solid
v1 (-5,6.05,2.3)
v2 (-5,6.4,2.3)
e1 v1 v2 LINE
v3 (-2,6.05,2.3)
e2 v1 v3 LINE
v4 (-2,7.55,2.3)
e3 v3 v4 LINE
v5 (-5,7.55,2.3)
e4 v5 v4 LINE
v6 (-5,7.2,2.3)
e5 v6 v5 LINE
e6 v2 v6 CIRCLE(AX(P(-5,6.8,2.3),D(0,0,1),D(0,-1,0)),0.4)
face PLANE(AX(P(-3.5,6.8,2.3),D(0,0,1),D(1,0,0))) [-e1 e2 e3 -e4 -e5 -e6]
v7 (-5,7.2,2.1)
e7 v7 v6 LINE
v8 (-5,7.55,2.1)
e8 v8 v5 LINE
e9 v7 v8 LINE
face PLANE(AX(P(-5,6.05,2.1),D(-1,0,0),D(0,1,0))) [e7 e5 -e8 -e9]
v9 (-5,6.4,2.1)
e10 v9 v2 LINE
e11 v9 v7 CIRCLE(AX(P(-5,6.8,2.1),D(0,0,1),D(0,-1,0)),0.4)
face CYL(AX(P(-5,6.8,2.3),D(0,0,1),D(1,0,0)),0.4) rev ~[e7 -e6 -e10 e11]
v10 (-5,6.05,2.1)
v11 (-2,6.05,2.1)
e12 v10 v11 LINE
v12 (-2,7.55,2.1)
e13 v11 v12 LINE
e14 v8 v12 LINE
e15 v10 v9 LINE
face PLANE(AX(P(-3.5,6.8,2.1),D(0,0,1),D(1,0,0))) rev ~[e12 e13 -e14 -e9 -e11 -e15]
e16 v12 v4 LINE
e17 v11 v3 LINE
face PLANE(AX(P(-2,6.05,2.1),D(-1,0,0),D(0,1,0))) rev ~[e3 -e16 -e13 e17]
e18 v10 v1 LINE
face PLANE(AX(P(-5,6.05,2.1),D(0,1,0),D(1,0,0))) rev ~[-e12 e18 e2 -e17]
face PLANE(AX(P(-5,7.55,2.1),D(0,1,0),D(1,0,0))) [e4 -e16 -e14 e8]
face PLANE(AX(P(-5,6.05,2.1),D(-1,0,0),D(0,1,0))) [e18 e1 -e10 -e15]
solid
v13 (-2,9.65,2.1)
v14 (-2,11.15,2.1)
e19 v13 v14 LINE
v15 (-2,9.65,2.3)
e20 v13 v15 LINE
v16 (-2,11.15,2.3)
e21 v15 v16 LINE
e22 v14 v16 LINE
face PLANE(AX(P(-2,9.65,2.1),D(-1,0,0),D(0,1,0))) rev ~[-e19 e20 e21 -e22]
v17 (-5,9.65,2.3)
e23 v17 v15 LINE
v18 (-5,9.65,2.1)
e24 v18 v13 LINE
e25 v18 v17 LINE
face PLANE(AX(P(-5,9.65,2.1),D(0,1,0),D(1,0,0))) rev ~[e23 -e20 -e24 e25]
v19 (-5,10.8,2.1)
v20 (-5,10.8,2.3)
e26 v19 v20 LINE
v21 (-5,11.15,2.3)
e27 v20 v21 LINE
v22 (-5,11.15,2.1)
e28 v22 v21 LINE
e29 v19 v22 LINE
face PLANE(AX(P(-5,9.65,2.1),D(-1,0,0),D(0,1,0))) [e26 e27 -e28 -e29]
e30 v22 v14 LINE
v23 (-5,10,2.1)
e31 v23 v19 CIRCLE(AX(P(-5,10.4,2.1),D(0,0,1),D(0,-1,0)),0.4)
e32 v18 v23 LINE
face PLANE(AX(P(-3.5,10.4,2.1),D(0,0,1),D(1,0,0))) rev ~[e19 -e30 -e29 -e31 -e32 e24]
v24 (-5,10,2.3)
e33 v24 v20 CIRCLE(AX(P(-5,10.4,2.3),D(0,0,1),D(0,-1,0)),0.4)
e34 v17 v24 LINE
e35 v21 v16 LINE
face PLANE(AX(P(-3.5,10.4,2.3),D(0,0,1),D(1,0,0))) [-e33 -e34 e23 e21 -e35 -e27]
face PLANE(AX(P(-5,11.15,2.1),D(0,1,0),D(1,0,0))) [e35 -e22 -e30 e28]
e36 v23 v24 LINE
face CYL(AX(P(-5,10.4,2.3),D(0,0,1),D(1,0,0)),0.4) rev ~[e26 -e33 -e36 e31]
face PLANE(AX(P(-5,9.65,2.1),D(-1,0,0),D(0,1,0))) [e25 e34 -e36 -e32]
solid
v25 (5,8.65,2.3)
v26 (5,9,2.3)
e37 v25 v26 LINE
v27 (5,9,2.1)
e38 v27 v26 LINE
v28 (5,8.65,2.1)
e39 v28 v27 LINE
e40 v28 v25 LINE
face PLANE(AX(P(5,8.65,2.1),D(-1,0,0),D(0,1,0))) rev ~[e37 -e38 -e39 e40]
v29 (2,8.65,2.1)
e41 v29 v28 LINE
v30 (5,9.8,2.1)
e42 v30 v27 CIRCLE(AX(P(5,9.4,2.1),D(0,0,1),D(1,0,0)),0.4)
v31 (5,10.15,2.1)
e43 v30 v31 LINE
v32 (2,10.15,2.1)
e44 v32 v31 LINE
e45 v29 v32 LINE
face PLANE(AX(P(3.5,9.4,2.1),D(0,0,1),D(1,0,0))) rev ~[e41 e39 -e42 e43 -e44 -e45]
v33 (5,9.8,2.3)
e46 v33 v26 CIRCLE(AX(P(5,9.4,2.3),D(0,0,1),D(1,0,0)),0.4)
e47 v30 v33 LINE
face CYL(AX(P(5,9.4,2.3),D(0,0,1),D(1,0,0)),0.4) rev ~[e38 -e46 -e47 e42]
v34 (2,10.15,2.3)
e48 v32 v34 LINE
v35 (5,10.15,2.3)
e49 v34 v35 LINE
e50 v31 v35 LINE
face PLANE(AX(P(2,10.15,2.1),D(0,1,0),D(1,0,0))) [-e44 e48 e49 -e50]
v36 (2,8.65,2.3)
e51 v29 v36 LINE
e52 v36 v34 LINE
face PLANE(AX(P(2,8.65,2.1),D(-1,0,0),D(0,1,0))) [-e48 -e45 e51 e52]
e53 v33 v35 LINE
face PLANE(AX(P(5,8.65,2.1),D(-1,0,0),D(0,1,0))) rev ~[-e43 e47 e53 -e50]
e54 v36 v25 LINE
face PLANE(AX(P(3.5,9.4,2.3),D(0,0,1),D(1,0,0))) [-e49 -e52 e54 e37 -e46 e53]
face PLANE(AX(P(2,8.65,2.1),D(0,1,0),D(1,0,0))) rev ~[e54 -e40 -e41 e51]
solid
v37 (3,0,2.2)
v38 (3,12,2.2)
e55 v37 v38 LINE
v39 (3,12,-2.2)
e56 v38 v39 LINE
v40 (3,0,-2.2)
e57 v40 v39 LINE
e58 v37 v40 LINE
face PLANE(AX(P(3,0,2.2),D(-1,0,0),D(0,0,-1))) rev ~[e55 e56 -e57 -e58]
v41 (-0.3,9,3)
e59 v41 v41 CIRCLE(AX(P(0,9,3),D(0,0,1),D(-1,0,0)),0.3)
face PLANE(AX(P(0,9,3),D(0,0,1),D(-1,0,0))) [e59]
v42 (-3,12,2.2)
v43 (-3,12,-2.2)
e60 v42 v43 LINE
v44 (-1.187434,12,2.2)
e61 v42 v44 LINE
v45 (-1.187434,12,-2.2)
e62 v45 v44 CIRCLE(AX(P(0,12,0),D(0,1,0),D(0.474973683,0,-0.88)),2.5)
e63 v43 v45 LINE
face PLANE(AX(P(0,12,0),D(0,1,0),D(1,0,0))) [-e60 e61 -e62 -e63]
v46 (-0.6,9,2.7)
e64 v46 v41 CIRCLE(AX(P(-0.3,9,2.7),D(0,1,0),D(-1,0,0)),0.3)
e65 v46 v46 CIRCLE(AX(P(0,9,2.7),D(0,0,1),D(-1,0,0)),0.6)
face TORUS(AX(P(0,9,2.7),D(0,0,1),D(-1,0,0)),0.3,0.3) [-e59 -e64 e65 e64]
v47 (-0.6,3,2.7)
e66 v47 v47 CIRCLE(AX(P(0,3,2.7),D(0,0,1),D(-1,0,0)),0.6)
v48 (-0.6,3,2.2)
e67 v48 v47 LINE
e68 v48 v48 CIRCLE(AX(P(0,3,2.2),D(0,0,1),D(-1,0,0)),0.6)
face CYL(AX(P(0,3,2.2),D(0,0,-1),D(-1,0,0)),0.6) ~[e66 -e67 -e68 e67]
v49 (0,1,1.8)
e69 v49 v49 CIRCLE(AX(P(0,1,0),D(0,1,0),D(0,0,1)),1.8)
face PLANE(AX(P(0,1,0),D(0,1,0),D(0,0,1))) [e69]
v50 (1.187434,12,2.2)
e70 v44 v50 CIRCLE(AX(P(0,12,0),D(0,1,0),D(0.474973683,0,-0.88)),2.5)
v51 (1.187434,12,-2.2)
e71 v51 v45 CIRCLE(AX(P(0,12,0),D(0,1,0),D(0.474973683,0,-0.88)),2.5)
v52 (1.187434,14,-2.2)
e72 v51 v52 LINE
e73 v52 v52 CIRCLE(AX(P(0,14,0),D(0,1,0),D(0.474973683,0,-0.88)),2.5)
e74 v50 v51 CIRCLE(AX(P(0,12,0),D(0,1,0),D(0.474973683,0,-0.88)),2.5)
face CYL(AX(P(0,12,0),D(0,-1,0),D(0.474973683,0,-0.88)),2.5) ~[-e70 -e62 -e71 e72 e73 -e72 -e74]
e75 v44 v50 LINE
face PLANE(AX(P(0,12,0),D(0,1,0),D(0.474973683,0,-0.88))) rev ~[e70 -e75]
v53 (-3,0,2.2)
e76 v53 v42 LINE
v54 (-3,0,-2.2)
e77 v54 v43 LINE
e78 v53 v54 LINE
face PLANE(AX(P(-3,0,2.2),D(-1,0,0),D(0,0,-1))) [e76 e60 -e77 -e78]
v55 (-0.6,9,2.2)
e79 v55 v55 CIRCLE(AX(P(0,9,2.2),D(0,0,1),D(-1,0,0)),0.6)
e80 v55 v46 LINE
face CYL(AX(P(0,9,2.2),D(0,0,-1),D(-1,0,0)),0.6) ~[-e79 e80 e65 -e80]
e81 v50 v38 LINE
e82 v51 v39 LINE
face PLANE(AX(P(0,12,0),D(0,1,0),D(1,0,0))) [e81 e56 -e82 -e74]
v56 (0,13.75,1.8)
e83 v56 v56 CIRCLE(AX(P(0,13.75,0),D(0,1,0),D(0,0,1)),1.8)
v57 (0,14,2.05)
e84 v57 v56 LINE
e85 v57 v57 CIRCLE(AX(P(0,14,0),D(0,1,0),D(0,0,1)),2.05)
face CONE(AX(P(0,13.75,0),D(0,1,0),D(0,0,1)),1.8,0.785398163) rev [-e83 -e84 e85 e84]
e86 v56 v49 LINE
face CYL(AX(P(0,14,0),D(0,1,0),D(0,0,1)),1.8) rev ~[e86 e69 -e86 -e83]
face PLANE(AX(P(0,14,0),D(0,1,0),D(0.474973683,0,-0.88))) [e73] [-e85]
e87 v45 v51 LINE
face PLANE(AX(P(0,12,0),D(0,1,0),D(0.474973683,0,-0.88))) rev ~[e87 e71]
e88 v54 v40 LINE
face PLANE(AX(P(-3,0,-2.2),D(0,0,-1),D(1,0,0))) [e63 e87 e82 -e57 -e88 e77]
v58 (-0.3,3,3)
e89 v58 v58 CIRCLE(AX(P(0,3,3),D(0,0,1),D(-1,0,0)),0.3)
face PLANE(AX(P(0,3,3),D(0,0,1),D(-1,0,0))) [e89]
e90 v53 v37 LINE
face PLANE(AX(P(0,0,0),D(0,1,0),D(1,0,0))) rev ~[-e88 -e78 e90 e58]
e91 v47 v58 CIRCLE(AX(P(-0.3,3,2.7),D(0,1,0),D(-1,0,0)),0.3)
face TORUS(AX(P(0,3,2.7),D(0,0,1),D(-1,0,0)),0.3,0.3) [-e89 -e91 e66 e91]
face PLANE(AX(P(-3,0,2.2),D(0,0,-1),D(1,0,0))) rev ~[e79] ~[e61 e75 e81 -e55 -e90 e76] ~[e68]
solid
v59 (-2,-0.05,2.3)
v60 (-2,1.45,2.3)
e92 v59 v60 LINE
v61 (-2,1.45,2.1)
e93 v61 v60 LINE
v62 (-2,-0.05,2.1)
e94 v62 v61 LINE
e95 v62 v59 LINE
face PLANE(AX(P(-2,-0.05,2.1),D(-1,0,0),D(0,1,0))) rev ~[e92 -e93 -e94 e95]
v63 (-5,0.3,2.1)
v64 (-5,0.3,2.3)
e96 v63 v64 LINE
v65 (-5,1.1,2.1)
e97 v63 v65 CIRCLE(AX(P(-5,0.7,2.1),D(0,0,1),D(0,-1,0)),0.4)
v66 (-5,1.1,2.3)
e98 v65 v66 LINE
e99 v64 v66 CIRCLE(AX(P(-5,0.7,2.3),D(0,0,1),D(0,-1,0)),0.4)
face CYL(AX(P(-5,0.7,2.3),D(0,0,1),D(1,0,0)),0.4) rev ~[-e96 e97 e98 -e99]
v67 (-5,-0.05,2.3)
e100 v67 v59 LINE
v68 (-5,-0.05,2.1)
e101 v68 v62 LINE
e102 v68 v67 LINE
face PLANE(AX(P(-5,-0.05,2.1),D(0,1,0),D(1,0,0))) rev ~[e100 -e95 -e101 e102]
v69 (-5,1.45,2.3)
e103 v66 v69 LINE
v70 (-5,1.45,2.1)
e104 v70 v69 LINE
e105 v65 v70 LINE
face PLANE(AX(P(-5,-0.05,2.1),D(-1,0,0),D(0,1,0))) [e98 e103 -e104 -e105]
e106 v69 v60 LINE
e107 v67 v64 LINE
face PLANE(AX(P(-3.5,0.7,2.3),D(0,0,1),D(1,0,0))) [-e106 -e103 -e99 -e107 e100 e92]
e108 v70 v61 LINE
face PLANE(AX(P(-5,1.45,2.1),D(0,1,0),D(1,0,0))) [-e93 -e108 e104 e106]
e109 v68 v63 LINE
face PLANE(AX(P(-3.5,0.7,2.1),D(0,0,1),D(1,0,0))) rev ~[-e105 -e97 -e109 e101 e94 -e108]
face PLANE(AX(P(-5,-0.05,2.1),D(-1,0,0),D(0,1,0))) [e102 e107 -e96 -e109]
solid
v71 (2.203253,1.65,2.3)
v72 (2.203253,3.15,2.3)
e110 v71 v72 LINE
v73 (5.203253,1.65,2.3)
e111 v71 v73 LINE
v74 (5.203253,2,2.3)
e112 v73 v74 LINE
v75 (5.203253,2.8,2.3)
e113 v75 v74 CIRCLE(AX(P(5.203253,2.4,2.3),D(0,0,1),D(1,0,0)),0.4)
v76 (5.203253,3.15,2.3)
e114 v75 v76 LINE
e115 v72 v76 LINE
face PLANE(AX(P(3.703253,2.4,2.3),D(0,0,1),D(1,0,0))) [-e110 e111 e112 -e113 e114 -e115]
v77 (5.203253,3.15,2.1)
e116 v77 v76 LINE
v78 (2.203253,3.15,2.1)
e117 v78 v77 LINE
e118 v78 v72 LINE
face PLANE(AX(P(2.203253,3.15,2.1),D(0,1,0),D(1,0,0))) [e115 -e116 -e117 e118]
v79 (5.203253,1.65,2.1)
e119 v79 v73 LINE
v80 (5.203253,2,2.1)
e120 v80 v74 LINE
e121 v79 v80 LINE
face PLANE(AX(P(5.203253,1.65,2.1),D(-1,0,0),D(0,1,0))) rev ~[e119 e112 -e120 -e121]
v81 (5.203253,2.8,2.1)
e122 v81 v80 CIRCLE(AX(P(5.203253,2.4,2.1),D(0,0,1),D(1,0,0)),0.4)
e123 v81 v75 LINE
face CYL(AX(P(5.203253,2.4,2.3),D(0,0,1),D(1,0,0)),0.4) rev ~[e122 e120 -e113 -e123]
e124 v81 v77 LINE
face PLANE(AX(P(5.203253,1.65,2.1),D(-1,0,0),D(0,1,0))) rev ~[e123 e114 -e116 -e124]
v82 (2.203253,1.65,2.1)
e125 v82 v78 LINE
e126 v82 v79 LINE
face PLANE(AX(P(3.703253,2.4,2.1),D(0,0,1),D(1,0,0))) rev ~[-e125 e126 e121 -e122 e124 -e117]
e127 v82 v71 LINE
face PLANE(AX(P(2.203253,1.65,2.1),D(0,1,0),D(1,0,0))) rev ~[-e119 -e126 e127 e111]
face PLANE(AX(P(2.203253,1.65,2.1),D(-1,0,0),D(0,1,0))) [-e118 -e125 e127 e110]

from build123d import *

# Parameters (mm, degrees)
SKETCH_1_W             = 6
SKETCH_1_H             = 4.4
EXTRUDE_1_DEPTH        = 12
SKETCH_2_R             = 2.5
EXTRUDE_2_DEPTH        = 2
SKETCH_3_R             = 1.8
CUT_EXTRUDE_1_DEPTH    = 13
EXTRUDE_3_DEPTH        = 0.1
EXTRUDE_3_DEPTH_BACK   = 0.1
SKETCH_5_W             = 3
SKETCH_5_H             = 1.5
EXTRUDE_3_2_DEPTH      = 0.1
EXTRUDE_3_2_DEPTH_BACK = 0.1
EXTRUDE_3_3_DEPTH      = 0.1
EXTRUDE_3_3_DEPTH_BACK = 0.1
EXTRUDE_3_4_DEPTH      = 0.1
EXTRUDE_3_4_DEPTH_BACK = 0.1
EXTRUDE_3_5_DEPTH      = 0.1
EXTRUDE_3_5_DEPTH_BACK = 0.1
SKETCH_6_R             = 0.4
CUT_EXTRUDE_2_DEPTH    = 0.2
CHAMFER_1_SIZE         = 0.25
SKETCH_7_R             = 0.6
EXTRUDE_4_DEPTH        = 0.8
FILLET_1_R             = 0.3


with BuildPart() as part:
    # 草图1 → 凸台-拉伸1 (new body)
    with BuildSketch(Plane(origin=(0, 0, 0), x_dir=(1, 0, 0), z_dir=(0, 1, 0))):
        Rectangle(SKETCH_1_W, SKETCH_1_H)
    extrude(amount=EXTRUDE_1_DEPTH)

    # 草图2 → 凸台-拉伸2 (add)
    with BuildSketch(Plane(origin=(0, 12, 0), x_dir=(1, 0, 0), z_dir=(0, 1, 0))):
        with Locations(Location((0, 0, 0), (0, 0, 61.642363424))):
            Circle(SKETCH_2_R)
    extrude(amount=EXTRUDE_2_DEPTH)

    # 草图3 → 切除-拉伸1 (cut)
    with BuildSketch(Plane(origin=(0, 14, 0), x_dir=(1, 0, 0), z_dir=(0, 1, 0))):
        with Locations(Location((0, 0, 0), (0, 0, 270))):
            Circle(SKETCH_3_R)
    extrude(amount=-CUT_EXTRUDE_1_DEPTH, mode=Mode.SUBTRACT)

    # 倒角1
    chamfer_1_edges = [part.edges().sort_by_distance(p)[0] for p in [
        (0, 14, -1.8),
    ]]
    chamfer(chamfer_1_edges, length=CHAMFER_1_SIZE)

    # 草图7 → 凸台-拉伸4 (add)
    with BuildSketch(Plane.XY.offset(2.2)):
        with Locations(Location((0, 9, 0), (0, 0, 180))):
            Circle(SKETCH_7_R)
        with Locations(Location((0, 3, 0), (0, 0, 180))):
            Circle(SKETCH_7_R)
    extrude(amount=EXTRUDE_4_DEPTH)

    # 圆角1
    fillet_1_edges = [part.edges().sort_by_distance(p)[0] for p in [
        (0.6, 9, 3),
        (0.6, 3, 3),
    ]]
    fillet(fillet_1_edges, radius=FILLET_1_R)


with BuildPart() as body_2:
    # 草图5 → 凸台-拉伸3 (new, two sides: drawn at the far end of the back side and taken through both)
    with BuildSketch(Plane.XY.offset(2.2).offset(-EXTRUDE_3_DEPTH_BACK)):
        with Locations((-3.5, 10.4)):
            Rectangle(SKETCH_5_W, SKETCH_5_H)
    extrude(amount=EXTRUDE_3_DEPTH + EXTRUDE_3_DEPTH_BACK)


with BuildPart() as body_3:
    # 草图5 → Extrude 3 2 (new, two sides: drawn at the far end of the back side and taken through both)
    with BuildSketch(Plane.XY.offset(2.2).offset(-EXTRUDE_3_2_DEPTH_BACK)):
        with Locations((-3.5, 6.8)):
            Rectangle(SKETCH_5_W, SKETCH_5_H)
    extrude(amount=EXTRUDE_3_2_DEPTH + EXTRUDE_3_2_DEPTH_BACK)


with BuildPart() as body_4:
    # 草图5 → Extrude 3 3 (new, two sides: drawn at the far end of the back side and taken through both)
    with BuildSketch(Plane.XY.offset(2.2).offset(-EXTRUDE_3_3_DEPTH_BACK)):
        with Locations((-3.5, 0.7)):
            Rectangle(SKETCH_5_W, SKETCH_5_H)
    extrude(amount=EXTRUDE_3_3_DEPTH + EXTRUDE_3_3_DEPTH_BACK)


with BuildPart() as body_5:
    # 草图5 → Extrude 3 4 (new, two sides: drawn at the far end of the back side and taken through both)
    with BuildSketch(Plane.XY.offset(2.2).offset(-EXTRUDE_3_4_DEPTH_BACK)):
        with Locations((3.5, 9.4)):
            Rectangle(SKETCH_5_W, SKETCH_5_H)
    extrude(amount=EXTRUDE_3_4_DEPTH + EXTRUDE_3_4_DEPTH_BACK)


with BuildPart() as body_6:
    # 草图5 → Extrude 3 5 (new, two sides: drawn at the far end of the back side and taken through both)
    with BuildSketch(Plane.XY.offset(2.2).offset(-EXTRUDE_3_5_DEPTH_BACK)):
        with Locations((3.703252842, 2.4)):
            Rectangle(SKETCH_5_W, SKETCH_5_H)
    extrude(amount=EXTRUDE_3_5_DEPTH + EXTRUDE_3_5_DEPTH_BACK)


with BuildPart() as cut_extrude_2_tool:
    # 草图6 → 切除-拉伸2 (new body)
    with BuildSketch(Plane.XY.offset(2.3)):
        with Locations((-5, 10.4)):
            Circle(SKETCH_6_R)
        with Locations((-5, 6.8)):
            Circle(SKETCH_6_R)
        with Locations((5, 9.4)):
            Circle(SKETCH_6_R)
        with Locations((5.203252842, 2.4)):
            Circle(SKETCH_6_R)
        with Locations((-5, 0.7)):
            Circle(SKETCH_6_R)
    extrude(amount=-CUT_EXTRUDE_2_DEPTH)


with BuildPart() as body_2_1:
    add(body_2.part)

    # 切除-拉伸2: cut by cut_extrude_2_tool
    add(cut_extrude_2_tool.part, mode=Mode.SUBTRACT)


with BuildPart() as body_3_1:
    add(body_3.part)

    # 切除-拉伸2: cut by cut_extrude_2_tool
    add(cut_extrude_2_tool.part, mode=Mode.SUBTRACT)


with BuildPart() as body_4_1:
    add(body_4.part)

    # 切除-拉伸2: cut by cut_extrude_2_tool
    add(cut_extrude_2_tool.part, mode=Mode.SUBTRACT)


with BuildPart() as body_5_1:
    add(body_5.part)

    # 切除-拉伸2: cut by cut_extrude_2_tool
    add(cut_extrude_2_tool.part, mode=Mode.SUBTRACT)


with BuildPart() as body_6_1:
    add(body_6.part)

    # 切除-拉伸2: cut by cut_extrude_2_tool
    add(cut_extrude_2_tool.part, mode=Mode.SUBTRACT)


solid = Compound([part.part, body_2_1.part, body_3_1.part, body_4_1.part, body_5_1.part, body_6_1.part])
